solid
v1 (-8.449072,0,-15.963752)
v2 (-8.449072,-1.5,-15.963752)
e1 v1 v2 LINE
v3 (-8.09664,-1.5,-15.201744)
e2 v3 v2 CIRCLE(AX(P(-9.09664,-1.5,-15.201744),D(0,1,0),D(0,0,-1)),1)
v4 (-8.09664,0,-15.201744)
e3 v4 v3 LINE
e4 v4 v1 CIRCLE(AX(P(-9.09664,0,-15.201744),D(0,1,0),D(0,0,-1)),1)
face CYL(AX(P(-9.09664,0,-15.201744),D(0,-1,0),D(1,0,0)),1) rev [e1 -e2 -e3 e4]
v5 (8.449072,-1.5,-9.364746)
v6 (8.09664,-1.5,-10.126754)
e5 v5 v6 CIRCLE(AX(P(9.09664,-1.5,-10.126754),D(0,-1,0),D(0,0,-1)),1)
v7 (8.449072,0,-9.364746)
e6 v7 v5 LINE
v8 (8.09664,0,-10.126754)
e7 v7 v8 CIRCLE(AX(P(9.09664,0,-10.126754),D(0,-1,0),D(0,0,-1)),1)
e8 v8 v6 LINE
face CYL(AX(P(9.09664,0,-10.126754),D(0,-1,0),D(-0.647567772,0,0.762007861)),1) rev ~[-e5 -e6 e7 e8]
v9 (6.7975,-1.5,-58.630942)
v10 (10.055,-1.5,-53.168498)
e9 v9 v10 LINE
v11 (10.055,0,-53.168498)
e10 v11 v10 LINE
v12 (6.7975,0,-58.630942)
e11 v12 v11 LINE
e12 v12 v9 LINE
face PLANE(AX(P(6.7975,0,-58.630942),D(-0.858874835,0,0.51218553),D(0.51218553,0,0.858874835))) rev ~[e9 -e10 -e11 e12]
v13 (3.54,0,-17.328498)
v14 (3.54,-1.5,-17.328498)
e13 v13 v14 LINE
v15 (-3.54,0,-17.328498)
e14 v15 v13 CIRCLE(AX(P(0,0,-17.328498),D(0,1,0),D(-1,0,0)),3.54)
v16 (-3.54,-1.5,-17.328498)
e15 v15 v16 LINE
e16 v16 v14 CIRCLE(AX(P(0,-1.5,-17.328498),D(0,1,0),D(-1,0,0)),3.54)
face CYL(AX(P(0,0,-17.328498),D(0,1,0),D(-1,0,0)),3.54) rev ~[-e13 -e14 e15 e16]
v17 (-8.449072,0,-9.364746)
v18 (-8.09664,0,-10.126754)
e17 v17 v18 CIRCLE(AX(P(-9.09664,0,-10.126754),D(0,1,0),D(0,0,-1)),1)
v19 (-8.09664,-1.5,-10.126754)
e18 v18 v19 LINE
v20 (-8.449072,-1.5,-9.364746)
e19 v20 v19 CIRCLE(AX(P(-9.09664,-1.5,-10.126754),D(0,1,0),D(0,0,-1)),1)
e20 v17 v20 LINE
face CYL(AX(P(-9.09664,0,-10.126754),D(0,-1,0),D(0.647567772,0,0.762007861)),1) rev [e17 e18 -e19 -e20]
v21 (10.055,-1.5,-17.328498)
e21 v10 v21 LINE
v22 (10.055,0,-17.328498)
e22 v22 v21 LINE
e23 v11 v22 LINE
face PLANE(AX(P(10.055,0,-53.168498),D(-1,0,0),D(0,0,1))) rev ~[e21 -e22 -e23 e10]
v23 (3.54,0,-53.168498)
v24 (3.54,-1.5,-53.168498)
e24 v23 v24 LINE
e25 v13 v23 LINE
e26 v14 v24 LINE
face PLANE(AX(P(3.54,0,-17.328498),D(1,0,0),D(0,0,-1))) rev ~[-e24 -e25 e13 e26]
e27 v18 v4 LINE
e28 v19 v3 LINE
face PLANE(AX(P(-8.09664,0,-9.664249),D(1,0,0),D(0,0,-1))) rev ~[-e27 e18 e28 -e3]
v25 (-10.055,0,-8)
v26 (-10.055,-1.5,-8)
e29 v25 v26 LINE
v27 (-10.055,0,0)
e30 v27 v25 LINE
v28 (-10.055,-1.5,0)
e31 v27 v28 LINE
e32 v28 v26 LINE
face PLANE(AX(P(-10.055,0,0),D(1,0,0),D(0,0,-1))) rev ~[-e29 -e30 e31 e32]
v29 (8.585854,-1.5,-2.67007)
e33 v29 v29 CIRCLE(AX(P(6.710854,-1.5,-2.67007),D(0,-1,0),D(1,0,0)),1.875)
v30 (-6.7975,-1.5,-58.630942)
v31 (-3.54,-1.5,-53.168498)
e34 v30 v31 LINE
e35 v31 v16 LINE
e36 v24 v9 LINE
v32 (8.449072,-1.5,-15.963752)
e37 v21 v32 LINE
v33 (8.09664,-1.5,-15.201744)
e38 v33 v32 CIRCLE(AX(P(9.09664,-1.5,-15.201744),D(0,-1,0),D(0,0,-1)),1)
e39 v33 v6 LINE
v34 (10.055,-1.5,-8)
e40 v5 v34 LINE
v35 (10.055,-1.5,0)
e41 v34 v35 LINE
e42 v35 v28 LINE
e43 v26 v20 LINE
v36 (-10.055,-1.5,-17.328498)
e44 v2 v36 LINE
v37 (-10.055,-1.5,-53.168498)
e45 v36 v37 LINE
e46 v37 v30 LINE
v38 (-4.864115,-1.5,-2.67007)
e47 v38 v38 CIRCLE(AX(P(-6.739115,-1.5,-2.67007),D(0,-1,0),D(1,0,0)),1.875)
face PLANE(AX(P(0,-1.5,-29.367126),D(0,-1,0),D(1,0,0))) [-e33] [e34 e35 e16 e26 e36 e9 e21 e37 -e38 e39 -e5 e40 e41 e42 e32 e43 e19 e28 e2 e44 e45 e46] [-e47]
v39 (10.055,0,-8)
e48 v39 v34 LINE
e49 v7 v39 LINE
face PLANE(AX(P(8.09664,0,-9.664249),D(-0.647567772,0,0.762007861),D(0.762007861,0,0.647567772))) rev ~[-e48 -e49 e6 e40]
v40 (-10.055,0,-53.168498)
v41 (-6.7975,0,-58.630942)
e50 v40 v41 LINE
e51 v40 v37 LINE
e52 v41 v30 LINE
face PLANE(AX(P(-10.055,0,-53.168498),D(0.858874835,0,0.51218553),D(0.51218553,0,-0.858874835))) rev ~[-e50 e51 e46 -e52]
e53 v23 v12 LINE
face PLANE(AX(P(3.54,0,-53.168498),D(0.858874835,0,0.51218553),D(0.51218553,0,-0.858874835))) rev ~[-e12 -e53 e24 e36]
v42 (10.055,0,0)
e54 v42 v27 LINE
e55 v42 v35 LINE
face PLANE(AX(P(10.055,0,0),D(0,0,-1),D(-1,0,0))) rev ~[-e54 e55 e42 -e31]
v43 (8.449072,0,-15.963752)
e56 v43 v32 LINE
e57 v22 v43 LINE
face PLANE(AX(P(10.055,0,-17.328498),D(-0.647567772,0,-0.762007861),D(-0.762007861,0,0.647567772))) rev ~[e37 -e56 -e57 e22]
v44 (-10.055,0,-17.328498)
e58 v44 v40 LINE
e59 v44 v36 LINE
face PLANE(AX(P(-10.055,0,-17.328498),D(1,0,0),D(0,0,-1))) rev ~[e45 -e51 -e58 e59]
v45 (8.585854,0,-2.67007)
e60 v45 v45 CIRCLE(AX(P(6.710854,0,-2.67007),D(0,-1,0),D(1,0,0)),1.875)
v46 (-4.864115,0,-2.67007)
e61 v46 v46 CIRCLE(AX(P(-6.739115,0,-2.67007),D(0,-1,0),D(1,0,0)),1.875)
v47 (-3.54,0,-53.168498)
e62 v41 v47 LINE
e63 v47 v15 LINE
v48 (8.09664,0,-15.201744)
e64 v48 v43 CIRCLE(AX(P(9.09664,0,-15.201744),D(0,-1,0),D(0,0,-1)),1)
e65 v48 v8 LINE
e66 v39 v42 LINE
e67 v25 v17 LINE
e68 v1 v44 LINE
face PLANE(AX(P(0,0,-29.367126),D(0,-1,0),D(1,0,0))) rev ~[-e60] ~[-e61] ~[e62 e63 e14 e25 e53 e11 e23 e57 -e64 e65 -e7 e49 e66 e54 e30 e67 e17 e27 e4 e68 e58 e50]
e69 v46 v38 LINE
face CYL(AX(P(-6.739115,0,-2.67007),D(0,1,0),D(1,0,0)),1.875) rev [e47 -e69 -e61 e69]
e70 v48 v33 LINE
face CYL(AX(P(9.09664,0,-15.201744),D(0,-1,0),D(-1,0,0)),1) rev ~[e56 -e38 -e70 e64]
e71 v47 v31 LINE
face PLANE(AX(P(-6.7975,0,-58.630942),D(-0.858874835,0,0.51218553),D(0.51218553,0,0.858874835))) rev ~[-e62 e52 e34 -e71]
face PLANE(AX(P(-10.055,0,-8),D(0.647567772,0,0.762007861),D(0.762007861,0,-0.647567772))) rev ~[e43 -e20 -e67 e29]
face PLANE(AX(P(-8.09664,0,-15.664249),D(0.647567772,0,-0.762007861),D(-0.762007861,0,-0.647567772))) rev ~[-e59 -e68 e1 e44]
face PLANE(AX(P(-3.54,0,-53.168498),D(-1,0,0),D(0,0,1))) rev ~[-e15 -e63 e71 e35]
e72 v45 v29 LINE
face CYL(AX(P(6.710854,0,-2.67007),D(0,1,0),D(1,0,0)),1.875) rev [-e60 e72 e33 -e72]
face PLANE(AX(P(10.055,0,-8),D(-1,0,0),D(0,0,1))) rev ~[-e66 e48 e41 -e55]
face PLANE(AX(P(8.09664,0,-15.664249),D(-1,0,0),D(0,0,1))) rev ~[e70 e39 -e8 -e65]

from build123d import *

# Parameters (mm, degrees)
F0_R     = 1.875
F1_DEPTH = 1.5
F2_R     = 1


with BuildPart() as f1:
    # F0 (on Front) → F1 (new body)
    with BuildSketch(Plane.XZ):
        with BuildLine():
            Line((10.055, 0), (-10.055, 0))
            Line((-10.055, 0), (-10.055, -8))
            Line((-10.055, -8), (-8.09664, -9.664249))
            Line((-8.09664, -9.664249), (-8.09664, -15.664249))
            Line((-8.09664, -15.664249), (-10.055, -17.328498))
            Line((-10.055, -17.328498), (-10.055, -53.168498))
            Line((-10.055, -53.168498), (-6.7975, -58.630942))
            Line((-6.7975, -58.630942), (-3.54, -53.168498))
            Line((-3.54, -53.168498), (-3.54, -17.328498))
            ThreePointArc((-3.54, -17.328498), (0, -13.788498), (3.54, -17.328498))
            Line((3.54, -17.328498), (3.54, -53.168498))
            Line((3.54, -53.168498), (6.7975, -58.630942))
            Line((6.7975, -58.630942), (10.055, -53.168498))
            Line((10.055, -53.168498), (10.055, -17.328498))
            Line((10.055, -17.328498), (8.09664, -15.664249))
            Line((8.09664, -15.664249), (8.09664, -9.664249))
            Line((8.09664, -9.664249), (10.055, -8))
            Line((10.055, -8), (10.055, 0))
        make_face()
        with Locations((-6.739115, -2.67007)):
            Circle(F0_R, mode=Mode.SUBTRACT)
        with Locations((6.710854, -2.67007)):
            Circle(F0_R, mode=Mode.SUBTRACT)
    extrude(amount=F1_DEPTH)

    # F2
    f2_edges = [f1.edges().sort_by_distance(p)[0] for p in [
        (-8.09664, -0.75, -9.664249),
        (-8.09664, -0.75, -15.664249),
        (8.09664, -0.75, -9.664249),
        (8.09664, -0.75, -15.664249),
    ]]
    fillet(f2_edges, radius=F2_R)


solid = f1.part
